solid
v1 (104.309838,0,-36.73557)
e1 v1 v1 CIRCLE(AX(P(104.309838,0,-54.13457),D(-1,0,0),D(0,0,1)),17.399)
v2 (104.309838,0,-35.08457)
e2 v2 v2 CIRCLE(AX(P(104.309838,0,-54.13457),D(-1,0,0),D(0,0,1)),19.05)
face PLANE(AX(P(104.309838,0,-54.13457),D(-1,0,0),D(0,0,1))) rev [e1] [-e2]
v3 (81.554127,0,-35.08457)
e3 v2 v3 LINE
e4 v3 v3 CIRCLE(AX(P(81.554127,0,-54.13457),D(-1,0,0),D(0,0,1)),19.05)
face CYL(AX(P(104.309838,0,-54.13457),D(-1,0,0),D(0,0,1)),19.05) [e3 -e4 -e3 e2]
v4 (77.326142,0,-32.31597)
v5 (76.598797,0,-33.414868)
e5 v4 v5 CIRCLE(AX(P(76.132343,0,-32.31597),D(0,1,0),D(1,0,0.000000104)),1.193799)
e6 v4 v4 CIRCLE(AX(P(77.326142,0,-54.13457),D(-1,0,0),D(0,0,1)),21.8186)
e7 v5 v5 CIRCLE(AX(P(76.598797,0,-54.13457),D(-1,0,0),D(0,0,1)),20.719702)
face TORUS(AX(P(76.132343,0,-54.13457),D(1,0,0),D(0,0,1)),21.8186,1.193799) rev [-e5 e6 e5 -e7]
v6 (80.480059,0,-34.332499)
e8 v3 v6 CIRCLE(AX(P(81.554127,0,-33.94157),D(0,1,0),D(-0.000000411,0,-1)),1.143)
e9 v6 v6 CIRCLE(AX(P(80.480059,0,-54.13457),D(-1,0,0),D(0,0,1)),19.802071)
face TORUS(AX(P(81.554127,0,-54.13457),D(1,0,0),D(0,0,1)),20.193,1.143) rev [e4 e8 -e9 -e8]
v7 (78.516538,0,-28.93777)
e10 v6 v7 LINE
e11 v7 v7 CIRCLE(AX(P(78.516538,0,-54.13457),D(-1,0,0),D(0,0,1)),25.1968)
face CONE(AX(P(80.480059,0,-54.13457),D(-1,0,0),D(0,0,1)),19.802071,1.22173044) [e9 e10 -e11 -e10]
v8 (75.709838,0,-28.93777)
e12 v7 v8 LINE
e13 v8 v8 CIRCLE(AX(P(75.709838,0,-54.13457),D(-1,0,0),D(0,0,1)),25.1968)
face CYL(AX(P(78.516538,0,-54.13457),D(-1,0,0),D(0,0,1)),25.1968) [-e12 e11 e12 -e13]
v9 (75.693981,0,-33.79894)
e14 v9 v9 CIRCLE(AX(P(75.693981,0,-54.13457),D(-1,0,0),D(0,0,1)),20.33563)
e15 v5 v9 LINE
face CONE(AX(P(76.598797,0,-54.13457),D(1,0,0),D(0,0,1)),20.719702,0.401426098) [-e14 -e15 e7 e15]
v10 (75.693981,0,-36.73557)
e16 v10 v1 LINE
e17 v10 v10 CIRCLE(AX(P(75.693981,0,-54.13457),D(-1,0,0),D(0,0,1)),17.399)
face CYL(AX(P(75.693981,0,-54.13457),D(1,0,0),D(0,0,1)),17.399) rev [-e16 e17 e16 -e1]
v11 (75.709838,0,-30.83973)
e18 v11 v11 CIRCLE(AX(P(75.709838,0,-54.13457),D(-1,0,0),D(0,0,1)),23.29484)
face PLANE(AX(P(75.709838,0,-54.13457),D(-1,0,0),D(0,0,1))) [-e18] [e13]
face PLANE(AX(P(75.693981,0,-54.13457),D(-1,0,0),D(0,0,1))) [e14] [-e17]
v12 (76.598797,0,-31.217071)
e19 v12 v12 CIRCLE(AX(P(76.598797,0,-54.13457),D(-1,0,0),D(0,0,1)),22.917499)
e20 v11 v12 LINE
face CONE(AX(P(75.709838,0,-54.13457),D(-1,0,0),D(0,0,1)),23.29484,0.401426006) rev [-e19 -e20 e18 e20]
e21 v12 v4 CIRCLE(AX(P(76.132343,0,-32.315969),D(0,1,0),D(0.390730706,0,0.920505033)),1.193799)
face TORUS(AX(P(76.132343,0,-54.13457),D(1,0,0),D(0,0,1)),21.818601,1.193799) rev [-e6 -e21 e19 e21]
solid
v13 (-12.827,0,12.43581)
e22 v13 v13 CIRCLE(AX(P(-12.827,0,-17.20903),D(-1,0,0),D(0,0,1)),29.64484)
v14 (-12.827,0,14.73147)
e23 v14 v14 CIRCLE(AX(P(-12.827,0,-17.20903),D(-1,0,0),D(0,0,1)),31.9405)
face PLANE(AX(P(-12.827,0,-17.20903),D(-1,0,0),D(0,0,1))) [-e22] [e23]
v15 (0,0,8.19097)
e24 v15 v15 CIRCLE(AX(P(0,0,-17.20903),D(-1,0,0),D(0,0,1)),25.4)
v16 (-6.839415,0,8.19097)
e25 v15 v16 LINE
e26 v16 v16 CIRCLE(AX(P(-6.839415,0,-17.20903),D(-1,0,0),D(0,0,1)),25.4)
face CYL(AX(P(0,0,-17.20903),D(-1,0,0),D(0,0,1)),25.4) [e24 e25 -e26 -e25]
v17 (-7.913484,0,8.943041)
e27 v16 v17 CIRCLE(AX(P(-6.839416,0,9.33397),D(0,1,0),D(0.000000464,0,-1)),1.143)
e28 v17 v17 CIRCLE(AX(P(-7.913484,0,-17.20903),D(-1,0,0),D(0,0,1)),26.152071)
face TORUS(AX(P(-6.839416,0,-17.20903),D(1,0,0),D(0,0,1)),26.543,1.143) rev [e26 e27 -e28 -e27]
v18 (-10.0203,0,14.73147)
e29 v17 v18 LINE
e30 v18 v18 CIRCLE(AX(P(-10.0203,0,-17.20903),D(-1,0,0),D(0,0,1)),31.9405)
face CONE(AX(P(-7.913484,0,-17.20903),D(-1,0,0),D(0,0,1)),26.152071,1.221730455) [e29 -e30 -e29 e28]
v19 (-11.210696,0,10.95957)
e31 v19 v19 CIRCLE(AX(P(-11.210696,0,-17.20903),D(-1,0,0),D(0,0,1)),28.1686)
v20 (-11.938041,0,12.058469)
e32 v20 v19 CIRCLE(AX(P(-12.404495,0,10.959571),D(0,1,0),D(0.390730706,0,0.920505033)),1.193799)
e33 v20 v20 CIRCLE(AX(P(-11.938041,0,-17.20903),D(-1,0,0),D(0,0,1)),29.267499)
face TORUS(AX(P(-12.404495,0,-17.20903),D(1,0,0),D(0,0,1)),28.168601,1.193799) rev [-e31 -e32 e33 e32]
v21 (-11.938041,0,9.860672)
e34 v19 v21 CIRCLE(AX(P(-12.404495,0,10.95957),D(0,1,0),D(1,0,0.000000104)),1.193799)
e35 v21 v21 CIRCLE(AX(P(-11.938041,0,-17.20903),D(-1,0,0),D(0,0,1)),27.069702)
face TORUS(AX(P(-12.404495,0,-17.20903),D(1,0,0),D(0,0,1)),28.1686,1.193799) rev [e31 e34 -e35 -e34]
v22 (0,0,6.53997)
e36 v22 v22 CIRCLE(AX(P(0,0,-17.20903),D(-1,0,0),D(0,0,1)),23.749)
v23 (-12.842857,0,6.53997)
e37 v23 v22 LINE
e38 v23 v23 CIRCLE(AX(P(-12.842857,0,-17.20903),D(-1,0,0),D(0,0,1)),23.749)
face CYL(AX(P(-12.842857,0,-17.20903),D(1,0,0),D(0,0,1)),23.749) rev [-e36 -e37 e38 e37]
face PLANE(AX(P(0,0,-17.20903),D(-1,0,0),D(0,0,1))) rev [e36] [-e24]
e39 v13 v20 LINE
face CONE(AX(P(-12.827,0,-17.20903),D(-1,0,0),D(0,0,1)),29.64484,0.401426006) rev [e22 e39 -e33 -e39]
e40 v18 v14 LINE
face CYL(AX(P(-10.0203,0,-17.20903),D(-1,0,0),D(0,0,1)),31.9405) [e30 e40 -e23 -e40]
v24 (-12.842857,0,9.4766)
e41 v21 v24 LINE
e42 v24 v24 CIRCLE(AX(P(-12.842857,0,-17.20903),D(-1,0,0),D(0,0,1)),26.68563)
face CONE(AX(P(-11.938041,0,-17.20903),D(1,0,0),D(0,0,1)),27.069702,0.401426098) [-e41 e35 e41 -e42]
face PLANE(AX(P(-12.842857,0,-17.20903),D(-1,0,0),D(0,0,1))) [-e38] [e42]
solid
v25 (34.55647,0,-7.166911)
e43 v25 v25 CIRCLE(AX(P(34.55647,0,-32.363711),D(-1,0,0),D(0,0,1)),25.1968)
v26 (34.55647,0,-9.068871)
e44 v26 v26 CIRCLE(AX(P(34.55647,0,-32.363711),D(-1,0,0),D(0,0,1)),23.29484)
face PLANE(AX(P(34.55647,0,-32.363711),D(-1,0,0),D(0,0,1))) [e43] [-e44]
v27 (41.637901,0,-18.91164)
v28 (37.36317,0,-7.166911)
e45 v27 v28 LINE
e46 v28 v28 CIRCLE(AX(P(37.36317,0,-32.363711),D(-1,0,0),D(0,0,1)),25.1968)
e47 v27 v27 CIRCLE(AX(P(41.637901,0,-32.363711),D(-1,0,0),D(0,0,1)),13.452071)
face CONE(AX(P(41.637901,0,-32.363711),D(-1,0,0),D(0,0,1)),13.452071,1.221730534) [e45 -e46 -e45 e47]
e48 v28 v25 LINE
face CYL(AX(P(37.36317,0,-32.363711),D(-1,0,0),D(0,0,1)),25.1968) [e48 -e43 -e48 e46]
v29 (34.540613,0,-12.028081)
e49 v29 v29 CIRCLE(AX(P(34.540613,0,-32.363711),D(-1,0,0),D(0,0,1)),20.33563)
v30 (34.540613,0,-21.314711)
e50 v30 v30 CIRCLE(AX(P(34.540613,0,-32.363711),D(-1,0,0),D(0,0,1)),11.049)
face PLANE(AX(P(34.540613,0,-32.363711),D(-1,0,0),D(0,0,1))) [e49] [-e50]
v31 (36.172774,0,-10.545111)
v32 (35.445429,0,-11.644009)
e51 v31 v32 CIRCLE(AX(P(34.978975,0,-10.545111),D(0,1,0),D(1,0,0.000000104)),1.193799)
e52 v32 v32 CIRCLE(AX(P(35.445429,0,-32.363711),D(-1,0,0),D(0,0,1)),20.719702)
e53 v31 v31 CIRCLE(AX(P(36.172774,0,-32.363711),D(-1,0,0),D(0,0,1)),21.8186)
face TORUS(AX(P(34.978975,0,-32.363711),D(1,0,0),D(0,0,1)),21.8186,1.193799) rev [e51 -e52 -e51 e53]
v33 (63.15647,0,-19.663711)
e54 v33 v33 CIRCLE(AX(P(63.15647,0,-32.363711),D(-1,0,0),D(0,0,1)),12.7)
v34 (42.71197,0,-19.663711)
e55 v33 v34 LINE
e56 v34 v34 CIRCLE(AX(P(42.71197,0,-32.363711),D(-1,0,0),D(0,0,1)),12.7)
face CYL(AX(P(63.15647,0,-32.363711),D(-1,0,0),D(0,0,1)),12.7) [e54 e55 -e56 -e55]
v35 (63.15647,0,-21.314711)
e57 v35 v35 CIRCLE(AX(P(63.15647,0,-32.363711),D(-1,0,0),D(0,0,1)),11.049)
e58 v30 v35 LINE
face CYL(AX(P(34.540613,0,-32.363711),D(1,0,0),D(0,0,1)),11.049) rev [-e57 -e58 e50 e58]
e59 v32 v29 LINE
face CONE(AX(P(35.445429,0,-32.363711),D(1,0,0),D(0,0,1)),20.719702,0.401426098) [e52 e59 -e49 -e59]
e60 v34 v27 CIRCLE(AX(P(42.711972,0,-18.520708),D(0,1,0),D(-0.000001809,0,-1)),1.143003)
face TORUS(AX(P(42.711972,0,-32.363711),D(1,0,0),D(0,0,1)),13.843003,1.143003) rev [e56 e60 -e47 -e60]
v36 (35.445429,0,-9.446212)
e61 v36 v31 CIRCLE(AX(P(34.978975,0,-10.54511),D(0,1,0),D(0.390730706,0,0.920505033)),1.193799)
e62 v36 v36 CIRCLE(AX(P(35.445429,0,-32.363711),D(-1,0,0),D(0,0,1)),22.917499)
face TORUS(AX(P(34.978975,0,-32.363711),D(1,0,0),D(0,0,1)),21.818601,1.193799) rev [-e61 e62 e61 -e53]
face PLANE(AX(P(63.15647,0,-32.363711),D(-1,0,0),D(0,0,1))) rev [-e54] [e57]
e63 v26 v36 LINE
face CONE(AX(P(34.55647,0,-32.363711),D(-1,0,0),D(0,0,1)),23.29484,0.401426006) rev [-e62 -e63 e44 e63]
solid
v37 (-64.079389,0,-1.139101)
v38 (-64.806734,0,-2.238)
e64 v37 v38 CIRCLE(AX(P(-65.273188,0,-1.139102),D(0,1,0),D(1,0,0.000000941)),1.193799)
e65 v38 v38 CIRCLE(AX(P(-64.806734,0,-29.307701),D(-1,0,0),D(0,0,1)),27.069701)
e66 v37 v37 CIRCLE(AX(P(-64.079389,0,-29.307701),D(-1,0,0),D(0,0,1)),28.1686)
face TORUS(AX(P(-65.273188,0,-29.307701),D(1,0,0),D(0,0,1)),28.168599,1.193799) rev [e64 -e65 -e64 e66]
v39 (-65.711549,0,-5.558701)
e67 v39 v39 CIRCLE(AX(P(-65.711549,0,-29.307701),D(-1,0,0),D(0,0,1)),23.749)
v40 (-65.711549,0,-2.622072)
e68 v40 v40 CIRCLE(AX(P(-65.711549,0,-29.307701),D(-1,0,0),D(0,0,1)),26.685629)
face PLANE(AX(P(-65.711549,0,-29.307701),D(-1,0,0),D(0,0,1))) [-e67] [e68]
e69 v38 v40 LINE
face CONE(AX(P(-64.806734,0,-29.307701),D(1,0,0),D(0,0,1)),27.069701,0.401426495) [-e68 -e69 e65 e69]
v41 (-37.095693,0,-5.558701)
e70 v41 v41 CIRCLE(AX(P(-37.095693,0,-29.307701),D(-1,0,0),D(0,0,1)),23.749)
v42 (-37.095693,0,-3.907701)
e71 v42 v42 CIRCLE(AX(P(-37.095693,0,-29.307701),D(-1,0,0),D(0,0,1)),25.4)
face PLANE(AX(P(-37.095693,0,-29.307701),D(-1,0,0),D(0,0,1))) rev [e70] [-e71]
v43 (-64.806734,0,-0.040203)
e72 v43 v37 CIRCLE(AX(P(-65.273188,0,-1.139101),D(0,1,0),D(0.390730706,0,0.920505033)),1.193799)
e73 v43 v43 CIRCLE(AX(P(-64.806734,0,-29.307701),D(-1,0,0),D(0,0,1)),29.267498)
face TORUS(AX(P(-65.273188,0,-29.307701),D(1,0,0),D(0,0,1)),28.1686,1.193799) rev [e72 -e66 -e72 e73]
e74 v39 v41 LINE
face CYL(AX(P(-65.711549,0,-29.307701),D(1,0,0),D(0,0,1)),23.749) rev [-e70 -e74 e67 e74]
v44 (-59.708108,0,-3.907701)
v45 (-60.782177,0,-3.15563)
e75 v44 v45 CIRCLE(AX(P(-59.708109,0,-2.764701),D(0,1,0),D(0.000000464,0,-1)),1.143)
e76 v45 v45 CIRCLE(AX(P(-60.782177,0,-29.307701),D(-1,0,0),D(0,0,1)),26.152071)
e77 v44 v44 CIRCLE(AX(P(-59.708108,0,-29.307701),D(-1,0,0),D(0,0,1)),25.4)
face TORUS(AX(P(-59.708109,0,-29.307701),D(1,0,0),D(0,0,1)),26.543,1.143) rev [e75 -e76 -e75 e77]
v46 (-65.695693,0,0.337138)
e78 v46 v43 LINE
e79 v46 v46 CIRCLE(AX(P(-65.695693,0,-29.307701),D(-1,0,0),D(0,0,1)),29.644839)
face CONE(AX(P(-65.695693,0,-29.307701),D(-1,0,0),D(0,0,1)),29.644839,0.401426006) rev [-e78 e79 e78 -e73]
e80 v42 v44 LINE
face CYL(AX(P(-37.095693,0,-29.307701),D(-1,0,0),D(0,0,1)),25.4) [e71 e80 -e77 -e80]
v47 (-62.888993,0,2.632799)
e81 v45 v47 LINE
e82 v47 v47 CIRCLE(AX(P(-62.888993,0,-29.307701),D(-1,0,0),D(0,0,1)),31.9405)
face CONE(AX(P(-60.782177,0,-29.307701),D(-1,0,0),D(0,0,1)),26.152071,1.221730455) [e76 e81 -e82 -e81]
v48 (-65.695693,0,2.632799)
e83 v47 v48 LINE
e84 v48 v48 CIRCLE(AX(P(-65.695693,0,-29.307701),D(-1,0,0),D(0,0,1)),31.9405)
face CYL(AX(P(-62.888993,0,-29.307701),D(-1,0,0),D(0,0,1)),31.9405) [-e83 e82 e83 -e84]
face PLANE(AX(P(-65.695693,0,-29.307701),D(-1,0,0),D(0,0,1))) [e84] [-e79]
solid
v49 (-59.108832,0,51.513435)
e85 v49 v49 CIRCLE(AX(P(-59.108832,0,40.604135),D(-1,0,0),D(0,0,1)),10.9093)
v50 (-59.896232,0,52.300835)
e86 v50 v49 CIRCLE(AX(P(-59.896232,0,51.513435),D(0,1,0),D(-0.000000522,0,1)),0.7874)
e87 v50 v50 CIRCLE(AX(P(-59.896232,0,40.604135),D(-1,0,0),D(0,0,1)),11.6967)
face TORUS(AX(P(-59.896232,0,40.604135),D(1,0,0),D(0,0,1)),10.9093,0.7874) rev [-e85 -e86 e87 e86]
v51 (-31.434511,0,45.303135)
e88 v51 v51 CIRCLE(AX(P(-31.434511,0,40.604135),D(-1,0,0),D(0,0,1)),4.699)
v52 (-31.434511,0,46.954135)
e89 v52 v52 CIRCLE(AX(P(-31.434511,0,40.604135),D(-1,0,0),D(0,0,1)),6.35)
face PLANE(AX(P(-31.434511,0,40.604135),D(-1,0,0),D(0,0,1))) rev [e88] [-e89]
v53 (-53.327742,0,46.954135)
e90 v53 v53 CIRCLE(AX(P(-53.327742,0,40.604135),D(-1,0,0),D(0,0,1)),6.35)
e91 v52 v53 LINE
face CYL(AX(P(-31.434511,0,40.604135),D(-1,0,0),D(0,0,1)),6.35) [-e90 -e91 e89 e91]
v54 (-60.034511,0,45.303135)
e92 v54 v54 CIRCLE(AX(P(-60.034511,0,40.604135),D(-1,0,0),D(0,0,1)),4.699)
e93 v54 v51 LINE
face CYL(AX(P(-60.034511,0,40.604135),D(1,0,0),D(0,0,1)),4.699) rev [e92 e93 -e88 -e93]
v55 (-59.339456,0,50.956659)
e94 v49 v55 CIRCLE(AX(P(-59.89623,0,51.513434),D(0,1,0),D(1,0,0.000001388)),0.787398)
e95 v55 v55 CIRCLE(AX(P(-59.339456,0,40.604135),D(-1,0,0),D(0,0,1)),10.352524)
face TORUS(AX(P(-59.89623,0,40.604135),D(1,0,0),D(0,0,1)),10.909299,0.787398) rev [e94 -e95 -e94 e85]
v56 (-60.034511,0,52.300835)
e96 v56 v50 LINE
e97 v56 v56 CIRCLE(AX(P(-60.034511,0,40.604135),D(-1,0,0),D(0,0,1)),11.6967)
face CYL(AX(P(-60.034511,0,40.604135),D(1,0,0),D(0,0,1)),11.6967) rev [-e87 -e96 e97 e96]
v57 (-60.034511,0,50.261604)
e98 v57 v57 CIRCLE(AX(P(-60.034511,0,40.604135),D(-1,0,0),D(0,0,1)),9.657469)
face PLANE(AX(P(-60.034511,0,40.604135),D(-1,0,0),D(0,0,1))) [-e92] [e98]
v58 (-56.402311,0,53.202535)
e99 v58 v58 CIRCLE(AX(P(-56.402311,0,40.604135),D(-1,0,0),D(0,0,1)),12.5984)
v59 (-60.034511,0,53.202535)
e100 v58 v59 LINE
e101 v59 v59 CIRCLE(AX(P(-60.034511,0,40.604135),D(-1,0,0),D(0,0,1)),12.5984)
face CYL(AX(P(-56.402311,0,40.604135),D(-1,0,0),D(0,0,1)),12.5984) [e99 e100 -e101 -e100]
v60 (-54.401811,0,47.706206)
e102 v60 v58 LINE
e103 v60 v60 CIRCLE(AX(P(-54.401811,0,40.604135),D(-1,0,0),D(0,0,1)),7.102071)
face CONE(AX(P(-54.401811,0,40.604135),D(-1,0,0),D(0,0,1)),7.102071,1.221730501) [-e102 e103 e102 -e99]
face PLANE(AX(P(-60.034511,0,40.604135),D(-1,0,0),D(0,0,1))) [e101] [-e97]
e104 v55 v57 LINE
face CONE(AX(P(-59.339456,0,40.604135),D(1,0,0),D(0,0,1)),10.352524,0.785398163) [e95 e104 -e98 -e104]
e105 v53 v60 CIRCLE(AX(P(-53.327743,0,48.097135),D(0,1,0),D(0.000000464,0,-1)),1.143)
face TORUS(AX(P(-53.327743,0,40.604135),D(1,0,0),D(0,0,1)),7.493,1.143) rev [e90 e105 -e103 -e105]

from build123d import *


with BuildPart() as f1:
    # F0 (on Front) → F1 (revolve)
    with BuildSketch(Plane.XZ):
        with BuildLine():
            Line((-10.0203, 14.73147), (-12.827, 14.73147))
            Line((-12.827, 14.73147), (-12.827, 12.43581))
            Line((-12.827, 12.43581), (-11.938041, 12.058469))
            ThreePointArc((-11.938041, 12.058469), (-11.409003, 11.618473), (-11.210696, 10.95957))
            ThreePointArc((-11.210696, 10.95957), (-11.409003, 10.300668), (-11.938041, 9.860672))
            Line((-11.938041, 9.860672), (-12.842857, 9.4766))
            Line((-12.842857, 9.4766), (-12.842857, 6.53997))
            Line((-12.842857, 6.53997), (0, 6.53997))
            Line((0, 6.53997), (0, 8.19097))
            Line((0, 8.19097), (-6.839415, 8.19097))
            ThreePointArc((-6.839415, 8.19097), (-7.495013, 8.397679), (-7.913484, 8.943041))
            Line((-7.913484, 8.943041), (-10.0203, 14.73147))
        make_face()
    revolve(axis=Axis((-6.39176, 0, -17.20903), (-1, 0, 0)))


with BuildPart() as f3:
    # F2 (on Front) → F3 (revolve)
    with BuildSketch(Plane.XZ):
        with BuildLine():
            Line((-62.888993, 2.632799), (-65.695693, 2.632799))
            Line((-65.695693, 2.632799), (-65.695693, 0.337138))
            Line((-65.695693, 0.337138), (-64.806734, -0.040203))
            ThreePointArc((-64.806734, -0.040203), (-64.277696, -0.480199), (-64.079389, -1.139101))
            ThreePointArc((-64.079389, -1.139101), (-64.277696, -1.798004), (-64.806734, -2.238))
            Line((-64.806734, -2.238), (-65.711549, -2.622072))
            Line((-65.711549, -2.622072), (-65.711549, -5.558701))
            Line((-65.711549, -5.558701), (-37.095693, -5.558701))
            Line((-37.095693, -5.558701), (-37.095693, -3.907701))
            Line((-37.095693, -3.907701), (-59.708108, -3.907701))
            ThreePointArc((-59.708108, -3.907701), (-60.363706, -3.700992), (-60.782177, -3.15563))
            Line((-60.782177, -3.15563), (-62.888993, 2.632799))
        make_face()
    revolve(axis=Axis((-50.587541, 0, -29.307701), (-1, 0, 0)))


with BuildPart() as f5:
    # F4 (on Front) → F5 (revolve)
    with BuildSketch(Plane.XZ):
        with BuildLine():
            Line((37.36317, -7.166911), (34.55647, -7.166911))
            Line((34.55647, -7.166911), (34.55647, -9.068871))
            Line((34.55647, -9.068871), (35.445429, -9.446212))
            ThreePointArc((35.445429, -9.446212), (35.974467, -9.886208), (36.172774, -10.545111))
            ThreePointArc((36.172774, -10.545111), (35.974467, -11.204013), (35.445429, -11.644009))
            Line((35.445429, -11.644009), (34.540613, -12.028081))
            Line((34.540613, -12.028081), (34.540613, -21.314711))
            Line((34.540613, -21.314711), (63.15647, -21.314711))
            Line((63.15647, -21.314711), (63.15647, -19.663711))
            Line((63.15647, -19.663711), (42.71197, -19.663711))
            ThreePointArc((42.71197, -19.663711), (42.056372, -19.457001), (41.637901, -18.91164))
            Line((41.637901, -18.91164), (37.36317, -7.166911))
        make_face()
    revolve(axis=Axis((49.664622, 0, -32.363711), (-1, 0, 0)))


with BuildPart() as f7:
    # F6 (on Front) → F7 (revolve)
    with BuildSketch(Plane.XZ):
        with BuildLine():
            Line((78.516538, -28.93777), (75.709838, -28.93777))
            Line((75.709838, -28.93777), (75.709838, -30.83973))
            Line((75.709838, -30.83973), (76.598797, -31.217071))
            ThreePointArc((76.598797, -31.217071), (77.127835, -31.657067), (77.326142, -32.31597))
            ThreePointArc((77.326142, -32.31597), (77.127835, -32.974872), (76.598797, -33.414868))
            Line((76.598797, -33.414868), (75.693981, -33.79894))
            Line((75.693981, -33.79894), (75.693981, -36.73557))
            Line((75.693981, -36.73557), (104.309838, -36.73557))
            Line((104.309838, -36.73557), (104.309838, -35.08457))
            Line((104.309838, -35.08457), (81.554127, -35.08457))
            ThreePointArc((81.554127, -35.08457), (80.89853, -34.877861), (80.480059, -34.332499))
            Line((80.480059, -34.332499), (78.516538, -28.93777))
        make_face()
    revolve(axis=Axis((90.81799, 0, -54.13457), (-1, 0, 0)))


with BuildPart() as f9:
    # F8 (on Front) → F9 (revolve)
    with BuildSketch(Plane.XZ):
        with BuildLine():
            Line((-56.402311, 53.202535), (-60.034511, 53.202535))
            Line((-60.034511, 53.202535), (-60.034511, 52.300835))
            Line((-60.034511, 52.300835), (-59.896232, 52.300835))
            ThreePointArc((-59.896232, 52.300835), (-59.339456, 52.070211), (-59.108832, 51.513435))
            ThreePointArc((-59.108832, 51.513435), (-59.168769, 51.21211), (-59.339456, 50.956659))
            Line((-59.339456, 50.956659), (-60.034511, 50.261604))
            Line((-60.034511, 50.261604), (-60.034511, 45.303135))
            Line((-60.034511, 45.303135), (-31.434511, 45.303135))
            Line((-31.434511, 45.303135), (-31.434511, 46.954135))
            Line((-31.434511, 46.954135), (-53.327742, 46.954135))
            ThreePointArc((-53.327742, 46.954135), (-53.98334, 47.160844), (-54.401811, 47.706206))
            Line((-54.401811, 47.706206), (-56.402311, 53.202535))
        make_face()
    revolve(axis=Axis((-45.271672, 0, 40.604135), (-1, 0, 0)))


solid = Compound([f1.part, f3.part, f5.part, f7.part, f9.part])
